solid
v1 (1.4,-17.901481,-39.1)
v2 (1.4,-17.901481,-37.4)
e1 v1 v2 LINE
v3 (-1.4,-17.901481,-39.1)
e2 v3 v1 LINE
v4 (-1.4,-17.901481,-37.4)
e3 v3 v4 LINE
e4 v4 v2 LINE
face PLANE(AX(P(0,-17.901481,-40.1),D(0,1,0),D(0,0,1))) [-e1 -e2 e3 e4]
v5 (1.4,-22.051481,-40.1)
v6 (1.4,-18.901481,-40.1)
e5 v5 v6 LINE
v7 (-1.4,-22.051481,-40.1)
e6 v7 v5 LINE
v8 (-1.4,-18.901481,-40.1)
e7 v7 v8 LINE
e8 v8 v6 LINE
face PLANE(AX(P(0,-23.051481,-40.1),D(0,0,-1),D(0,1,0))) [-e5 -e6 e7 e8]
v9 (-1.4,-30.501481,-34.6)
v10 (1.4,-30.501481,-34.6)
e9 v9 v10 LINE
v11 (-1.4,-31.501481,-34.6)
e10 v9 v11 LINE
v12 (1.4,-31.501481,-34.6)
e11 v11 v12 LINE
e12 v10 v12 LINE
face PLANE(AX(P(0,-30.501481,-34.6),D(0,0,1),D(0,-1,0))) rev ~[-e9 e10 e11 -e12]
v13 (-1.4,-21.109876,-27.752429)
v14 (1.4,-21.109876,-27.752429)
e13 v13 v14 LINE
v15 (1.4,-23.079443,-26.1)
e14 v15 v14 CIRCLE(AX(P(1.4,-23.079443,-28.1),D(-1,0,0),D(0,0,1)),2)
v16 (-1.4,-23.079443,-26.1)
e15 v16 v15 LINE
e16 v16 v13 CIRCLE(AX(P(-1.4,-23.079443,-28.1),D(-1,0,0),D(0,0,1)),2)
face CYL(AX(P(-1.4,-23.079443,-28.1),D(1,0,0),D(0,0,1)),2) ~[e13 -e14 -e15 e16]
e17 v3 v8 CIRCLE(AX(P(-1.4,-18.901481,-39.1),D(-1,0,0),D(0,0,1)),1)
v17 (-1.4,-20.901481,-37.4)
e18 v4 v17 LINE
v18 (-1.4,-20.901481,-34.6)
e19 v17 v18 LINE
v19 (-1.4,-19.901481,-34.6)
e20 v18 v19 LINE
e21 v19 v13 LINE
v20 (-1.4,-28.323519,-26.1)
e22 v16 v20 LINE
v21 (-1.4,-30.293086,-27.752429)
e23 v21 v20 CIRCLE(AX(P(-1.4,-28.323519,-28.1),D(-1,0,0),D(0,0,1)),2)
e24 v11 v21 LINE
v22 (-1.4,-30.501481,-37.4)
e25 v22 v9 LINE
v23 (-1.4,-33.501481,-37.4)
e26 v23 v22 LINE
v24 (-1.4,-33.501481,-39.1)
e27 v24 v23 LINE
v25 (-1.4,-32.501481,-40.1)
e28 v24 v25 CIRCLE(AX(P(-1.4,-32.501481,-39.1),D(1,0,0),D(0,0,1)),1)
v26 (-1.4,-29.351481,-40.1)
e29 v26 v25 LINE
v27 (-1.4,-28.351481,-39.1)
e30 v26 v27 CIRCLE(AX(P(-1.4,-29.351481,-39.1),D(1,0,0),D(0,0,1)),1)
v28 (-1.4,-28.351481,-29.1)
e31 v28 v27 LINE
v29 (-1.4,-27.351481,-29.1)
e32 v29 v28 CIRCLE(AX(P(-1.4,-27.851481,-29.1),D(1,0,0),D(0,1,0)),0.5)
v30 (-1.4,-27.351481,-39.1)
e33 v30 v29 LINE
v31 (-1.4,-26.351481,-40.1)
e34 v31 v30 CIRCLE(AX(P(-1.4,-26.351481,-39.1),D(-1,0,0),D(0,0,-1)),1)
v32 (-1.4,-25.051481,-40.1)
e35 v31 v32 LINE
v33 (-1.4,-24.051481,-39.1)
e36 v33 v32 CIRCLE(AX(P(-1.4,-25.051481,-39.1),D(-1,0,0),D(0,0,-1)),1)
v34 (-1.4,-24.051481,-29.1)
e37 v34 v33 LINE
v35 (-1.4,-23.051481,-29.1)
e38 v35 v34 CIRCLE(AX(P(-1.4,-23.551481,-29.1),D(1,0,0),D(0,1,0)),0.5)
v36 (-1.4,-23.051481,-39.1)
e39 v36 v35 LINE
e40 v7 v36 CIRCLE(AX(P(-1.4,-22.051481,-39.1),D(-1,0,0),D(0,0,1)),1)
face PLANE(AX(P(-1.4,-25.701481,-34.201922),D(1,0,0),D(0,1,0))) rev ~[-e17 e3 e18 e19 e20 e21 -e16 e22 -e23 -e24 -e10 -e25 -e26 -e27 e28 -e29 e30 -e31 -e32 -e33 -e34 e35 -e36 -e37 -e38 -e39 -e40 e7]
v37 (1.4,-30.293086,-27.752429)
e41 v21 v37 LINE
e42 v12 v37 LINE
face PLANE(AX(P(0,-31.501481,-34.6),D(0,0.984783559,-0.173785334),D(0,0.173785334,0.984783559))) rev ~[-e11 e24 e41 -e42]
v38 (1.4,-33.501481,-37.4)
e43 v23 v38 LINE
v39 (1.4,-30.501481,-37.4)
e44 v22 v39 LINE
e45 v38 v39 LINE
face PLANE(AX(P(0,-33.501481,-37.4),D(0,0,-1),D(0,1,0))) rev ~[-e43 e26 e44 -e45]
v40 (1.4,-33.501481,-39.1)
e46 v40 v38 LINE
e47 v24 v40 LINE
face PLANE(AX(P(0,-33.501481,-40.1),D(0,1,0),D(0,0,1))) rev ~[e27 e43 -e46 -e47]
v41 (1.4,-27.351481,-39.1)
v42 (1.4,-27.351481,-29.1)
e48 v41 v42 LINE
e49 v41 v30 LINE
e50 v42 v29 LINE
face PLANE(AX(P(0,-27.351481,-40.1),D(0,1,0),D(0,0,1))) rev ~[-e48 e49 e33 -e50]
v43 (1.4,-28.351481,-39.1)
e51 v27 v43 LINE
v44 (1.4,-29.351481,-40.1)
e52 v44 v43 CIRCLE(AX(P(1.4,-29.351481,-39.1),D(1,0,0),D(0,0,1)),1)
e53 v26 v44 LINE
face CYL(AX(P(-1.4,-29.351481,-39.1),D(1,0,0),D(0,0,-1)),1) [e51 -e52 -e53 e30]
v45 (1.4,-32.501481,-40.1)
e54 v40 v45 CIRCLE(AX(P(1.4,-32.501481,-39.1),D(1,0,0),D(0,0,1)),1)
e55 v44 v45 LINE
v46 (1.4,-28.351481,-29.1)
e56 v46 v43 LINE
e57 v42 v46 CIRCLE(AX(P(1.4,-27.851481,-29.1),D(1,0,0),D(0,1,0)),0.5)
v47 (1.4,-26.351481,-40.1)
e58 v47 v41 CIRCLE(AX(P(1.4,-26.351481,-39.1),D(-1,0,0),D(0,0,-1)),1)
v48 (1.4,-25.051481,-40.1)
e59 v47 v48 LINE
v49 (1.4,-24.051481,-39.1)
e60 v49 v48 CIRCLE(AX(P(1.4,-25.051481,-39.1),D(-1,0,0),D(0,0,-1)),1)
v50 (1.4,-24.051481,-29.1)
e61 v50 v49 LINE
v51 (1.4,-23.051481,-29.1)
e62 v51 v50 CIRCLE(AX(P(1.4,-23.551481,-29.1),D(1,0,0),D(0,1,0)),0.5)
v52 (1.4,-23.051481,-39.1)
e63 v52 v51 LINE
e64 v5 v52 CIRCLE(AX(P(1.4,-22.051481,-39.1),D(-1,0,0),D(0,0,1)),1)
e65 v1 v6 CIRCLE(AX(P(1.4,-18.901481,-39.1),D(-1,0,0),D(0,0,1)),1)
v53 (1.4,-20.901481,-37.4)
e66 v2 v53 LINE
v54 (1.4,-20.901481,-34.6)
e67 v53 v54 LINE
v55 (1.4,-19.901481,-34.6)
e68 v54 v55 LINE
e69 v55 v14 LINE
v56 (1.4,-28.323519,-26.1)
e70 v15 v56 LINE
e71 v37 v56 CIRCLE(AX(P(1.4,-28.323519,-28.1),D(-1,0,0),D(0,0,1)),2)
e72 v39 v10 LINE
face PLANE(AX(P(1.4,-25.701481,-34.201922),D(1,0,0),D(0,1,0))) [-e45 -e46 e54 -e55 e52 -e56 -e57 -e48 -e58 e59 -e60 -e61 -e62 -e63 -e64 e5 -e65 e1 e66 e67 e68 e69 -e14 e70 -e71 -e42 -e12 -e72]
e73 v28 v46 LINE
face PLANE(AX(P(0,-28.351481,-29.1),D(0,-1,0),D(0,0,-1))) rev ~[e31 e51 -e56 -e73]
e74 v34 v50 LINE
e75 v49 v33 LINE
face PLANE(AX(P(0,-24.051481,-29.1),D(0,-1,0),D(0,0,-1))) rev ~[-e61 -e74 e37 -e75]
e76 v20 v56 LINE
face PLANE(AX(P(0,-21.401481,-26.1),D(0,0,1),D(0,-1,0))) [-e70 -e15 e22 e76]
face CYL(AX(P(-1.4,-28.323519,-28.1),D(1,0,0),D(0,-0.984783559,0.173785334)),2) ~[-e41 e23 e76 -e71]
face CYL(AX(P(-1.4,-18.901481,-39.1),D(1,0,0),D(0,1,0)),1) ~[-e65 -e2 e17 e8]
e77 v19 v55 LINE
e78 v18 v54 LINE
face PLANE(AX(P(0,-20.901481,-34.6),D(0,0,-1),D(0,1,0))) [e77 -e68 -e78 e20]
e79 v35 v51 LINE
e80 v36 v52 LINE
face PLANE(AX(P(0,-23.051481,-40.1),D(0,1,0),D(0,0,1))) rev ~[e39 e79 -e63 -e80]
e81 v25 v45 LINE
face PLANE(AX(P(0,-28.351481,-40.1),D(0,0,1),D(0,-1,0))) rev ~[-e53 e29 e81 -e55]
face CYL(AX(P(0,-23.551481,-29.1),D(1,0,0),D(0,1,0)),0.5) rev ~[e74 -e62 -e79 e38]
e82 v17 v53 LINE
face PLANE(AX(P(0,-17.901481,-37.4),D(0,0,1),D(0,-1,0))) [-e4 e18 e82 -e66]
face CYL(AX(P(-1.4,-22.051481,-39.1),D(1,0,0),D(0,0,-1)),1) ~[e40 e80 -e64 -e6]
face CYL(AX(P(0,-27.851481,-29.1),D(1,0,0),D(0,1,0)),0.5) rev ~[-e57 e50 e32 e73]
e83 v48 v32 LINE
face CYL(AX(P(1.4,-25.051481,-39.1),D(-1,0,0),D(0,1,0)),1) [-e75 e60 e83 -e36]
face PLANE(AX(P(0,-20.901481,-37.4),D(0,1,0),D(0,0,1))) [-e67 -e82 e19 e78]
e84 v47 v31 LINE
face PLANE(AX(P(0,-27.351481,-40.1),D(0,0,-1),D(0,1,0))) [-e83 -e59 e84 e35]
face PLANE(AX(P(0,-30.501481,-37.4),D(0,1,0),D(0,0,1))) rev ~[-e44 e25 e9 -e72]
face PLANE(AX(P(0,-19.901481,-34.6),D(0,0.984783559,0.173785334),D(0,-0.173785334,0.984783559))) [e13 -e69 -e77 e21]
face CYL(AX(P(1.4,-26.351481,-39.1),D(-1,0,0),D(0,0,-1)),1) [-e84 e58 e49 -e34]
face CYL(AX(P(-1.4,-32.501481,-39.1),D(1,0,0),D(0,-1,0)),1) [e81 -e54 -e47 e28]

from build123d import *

# Parameters (mm, degrees)
PAD029_DEPTH = 1.4
FILLET005_R  = 2
FILLET006_R  = 1


with BuildPart() as part:
    # Sketch046 → Pad029 (new body, symmetric)
    with BuildSketch(Plane.YZ):
        with BuildLine():
            Line((-25.701481, -40.1), (-24.051481, -40.1))
            Line((-24.051481, -29.1), (-24.051481, -40.1))
            ThreePointArc((-23.051481, -29.1), (-23.551481, -28.6), (-24.051481, -29.1))
            Line((-23.051481, -40.1), (-23.051481, -29.1))
            Line((-23.051481, -40.1), (-17.901481, -40.1))
            Line((-17.901481, -40.1), (-17.901481, -37.4))
            Line((-17.901481, -37.4), (-20.901481, -37.4))
            Line((-20.901481, -37.4), (-20.901481, -34.6))
            Line((-20.901481, -34.6), (-19.901481, -34.6))
            Line((-19.901481, -34.6), (-21.401481, -26.1))
            Line((-21.401481, -26.1), (-25.701481, -26.1))
            Line((-25.701481, -26.1), (-30.001481, -26.1))
            Line((-31.501481, -34.6), (-30.001481, -26.1))
            Line((-30.501481, -34.6), (-31.501481, -34.6))
            Line((-30.501481, -37.4), (-30.501481, -34.6))
            Line((-33.501481, -37.4), (-30.501481, -37.4))
            Line((-33.501481, -40.1), (-33.501481, -37.4))
            Line((-28.351481, -40.1), (-33.501481, -40.1))
            Line((-28.351481, -29.1), (-28.351481, -40.1))
            ThreePointArc((-27.351481, -29.1), (-27.851481, -28.6), (-28.351481, -29.1))
            Line((-27.351481, -40.1), (-27.351481, -29.1))
            Line((-25.701481, -40.1), (-27.351481, -40.1))
        make_face()
    extrude(amount=PAD029_DEPTH, both=True)

    # Fillet005
    fillet005_edges = [part.edges().sort_by_distance(p)[0] for p in [
        (0, -21.401481, -26.1),
        (0, -30.001481, -26.1),
    ]]
    fillet(fillet005_edges, radius=FILLET005_R)

    # Fillet006
    fillet006_edges = [part.edges().sort_by_distance(p)[0] for p in [
        (0, -33.501481, -40.1),
        (0, -17.901481, -40.1),
        (0, -28.351481, -40.1),
        (0, -27.351481, -40.1),
        (0, -24.051481, -40.1),
        (0, -23.051481, -40.1),
    ]]
    fillet(fillet006_edges, radius=FILLET006_R)


solid = part.part
